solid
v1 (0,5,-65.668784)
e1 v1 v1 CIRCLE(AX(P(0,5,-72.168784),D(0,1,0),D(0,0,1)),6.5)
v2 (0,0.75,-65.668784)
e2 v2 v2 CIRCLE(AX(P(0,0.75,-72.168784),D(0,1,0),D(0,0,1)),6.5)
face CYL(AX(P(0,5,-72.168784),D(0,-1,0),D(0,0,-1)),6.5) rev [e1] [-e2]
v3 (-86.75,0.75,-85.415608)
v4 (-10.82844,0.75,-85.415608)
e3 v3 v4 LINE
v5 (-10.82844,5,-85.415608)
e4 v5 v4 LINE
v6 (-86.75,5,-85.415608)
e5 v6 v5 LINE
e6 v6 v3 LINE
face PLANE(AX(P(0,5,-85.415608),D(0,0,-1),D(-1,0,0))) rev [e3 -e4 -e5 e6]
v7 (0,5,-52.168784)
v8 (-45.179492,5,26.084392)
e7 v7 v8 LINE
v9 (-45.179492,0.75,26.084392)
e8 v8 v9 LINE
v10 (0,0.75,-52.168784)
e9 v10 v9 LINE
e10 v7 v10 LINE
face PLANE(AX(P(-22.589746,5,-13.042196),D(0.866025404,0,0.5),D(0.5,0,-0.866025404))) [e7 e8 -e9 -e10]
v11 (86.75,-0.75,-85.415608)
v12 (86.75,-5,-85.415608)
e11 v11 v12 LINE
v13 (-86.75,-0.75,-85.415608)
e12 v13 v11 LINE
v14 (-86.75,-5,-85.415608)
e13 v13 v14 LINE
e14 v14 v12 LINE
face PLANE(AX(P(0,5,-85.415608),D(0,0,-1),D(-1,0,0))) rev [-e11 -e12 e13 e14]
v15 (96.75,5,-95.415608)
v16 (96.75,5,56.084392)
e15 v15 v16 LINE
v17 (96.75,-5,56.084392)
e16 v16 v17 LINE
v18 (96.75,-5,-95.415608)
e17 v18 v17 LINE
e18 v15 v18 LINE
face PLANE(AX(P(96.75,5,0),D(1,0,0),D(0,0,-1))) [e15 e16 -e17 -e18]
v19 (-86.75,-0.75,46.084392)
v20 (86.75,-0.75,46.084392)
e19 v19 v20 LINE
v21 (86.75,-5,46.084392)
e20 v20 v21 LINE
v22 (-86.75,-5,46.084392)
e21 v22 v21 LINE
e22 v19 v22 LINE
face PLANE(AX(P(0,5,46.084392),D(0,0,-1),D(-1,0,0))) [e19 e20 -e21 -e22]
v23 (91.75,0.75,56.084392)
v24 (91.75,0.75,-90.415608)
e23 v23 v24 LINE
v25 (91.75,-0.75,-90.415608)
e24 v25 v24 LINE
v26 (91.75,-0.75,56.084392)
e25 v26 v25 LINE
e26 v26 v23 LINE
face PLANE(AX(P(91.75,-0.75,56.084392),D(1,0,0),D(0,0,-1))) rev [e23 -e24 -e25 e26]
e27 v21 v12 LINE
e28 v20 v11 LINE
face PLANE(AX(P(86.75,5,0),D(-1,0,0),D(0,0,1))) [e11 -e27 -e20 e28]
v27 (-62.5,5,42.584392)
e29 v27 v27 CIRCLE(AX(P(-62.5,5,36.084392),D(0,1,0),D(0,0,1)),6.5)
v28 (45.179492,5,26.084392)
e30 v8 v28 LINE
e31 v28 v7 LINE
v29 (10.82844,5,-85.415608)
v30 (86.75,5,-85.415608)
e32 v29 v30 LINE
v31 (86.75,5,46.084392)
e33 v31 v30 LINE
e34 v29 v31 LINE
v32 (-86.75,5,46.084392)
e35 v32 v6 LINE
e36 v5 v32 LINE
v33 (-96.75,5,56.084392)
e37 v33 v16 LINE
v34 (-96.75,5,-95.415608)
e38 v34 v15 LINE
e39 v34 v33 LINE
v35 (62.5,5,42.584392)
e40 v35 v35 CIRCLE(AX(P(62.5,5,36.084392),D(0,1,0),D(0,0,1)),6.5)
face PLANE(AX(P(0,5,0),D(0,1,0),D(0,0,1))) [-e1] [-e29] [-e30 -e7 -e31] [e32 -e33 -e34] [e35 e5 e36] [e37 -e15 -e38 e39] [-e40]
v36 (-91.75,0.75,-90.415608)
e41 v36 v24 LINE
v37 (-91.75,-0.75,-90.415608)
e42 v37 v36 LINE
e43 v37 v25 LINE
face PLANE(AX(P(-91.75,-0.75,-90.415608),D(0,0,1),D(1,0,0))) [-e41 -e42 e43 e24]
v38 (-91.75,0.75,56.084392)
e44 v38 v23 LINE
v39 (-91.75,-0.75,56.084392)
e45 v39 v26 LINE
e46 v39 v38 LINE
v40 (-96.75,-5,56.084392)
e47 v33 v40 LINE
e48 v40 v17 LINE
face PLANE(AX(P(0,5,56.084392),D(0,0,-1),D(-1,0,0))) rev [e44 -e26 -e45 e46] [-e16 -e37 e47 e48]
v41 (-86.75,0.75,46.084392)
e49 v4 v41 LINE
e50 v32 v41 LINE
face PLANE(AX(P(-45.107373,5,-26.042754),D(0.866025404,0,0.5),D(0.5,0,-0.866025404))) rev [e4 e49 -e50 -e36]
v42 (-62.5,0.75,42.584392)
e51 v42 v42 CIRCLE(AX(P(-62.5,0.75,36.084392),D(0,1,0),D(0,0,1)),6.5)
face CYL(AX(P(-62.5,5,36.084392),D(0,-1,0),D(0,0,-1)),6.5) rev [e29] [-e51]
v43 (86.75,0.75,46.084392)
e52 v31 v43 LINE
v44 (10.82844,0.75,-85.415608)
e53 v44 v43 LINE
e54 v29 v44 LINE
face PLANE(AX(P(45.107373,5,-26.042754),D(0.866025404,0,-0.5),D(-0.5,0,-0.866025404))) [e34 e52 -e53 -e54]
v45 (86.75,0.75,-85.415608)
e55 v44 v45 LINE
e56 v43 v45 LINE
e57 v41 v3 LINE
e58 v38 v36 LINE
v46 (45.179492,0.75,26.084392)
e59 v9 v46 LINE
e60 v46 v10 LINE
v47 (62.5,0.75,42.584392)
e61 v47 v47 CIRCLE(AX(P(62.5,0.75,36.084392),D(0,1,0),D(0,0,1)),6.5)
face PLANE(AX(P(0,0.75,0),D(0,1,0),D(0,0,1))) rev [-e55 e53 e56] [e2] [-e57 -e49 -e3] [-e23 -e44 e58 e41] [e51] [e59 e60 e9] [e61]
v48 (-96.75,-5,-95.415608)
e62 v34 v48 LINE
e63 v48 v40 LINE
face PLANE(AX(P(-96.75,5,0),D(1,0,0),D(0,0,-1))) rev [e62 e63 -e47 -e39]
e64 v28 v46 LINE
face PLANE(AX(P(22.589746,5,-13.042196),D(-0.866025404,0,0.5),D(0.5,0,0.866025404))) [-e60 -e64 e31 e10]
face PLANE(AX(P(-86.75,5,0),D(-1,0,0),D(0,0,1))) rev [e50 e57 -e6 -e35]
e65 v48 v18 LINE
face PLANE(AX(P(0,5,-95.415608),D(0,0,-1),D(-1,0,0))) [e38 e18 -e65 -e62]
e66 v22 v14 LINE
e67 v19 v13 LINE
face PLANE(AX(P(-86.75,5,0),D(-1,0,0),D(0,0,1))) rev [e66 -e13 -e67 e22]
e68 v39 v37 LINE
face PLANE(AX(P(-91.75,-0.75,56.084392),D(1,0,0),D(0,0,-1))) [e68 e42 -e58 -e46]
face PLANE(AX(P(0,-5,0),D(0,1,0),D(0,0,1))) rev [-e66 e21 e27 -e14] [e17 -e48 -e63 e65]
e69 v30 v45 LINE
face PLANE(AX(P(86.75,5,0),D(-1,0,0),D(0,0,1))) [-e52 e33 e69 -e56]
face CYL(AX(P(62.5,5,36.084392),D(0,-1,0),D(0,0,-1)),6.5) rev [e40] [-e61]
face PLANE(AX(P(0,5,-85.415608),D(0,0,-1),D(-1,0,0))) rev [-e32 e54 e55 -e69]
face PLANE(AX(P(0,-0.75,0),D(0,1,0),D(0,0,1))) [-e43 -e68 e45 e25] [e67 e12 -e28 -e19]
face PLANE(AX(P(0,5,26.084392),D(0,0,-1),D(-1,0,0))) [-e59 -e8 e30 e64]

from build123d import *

# Parameters (mm, degrees)
SKETCH1_R           = 6.5
BOSS_EXTRUDE1_DEPTH = 5
SKETCH1_8_W         = 193.5
SKETCH1_8_H         = 151.5
BOSS_EXTRUDE2_DEPTH = 5
SKETCH2_W           = 183.5
SKETCH2_H           = 146.5
CUT_EXTRUDE2_DEPTH  = 0.75


with BuildPart() as part:
    # Sketch1 → Boss-Extrude1 (new body)
    with BuildSketch(Plane(origin=(0, 0, 0), x_dir=(1, 0, 0), z_dir=(0, 1, 0))):
        Polygon((10.828439602, 85.415608176), (-10.828439602, 85.415608176), (-86.75, -46.084391824), (86.75, -46.084391824), align=None)
        with Locations((-62.5, -36.084391824)):
            Circle(SKETCH1_R, mode=Mode.SUBTRACT)
        with Locations((62.5, -36.084391824)):
            Circle(SKETCH1_R, mode=Mode.SUBTRACT)
        Polygon((-45.179491924, -26.084391824), (0, 52.168783649), (45.179491924, -26.084391824), align=None, mode=Mode.SUBTRACT)
        with Locations((0, 72.168783649)):
            Circle(SKETCH1_R, mode=Mode.SUBTRACT)
    extrude(amount=BOSS_EXTRUDE1_DEPTH)

    # Sketch1<8> → Boss-Extrude2 (add, symmetric)
    with BuildSketch(Plane(origin=(0, 0, 0), x_dir=(1, 0, 0), z_dir=(0, 1, 0))):
        with Locations((0, 19.665608176)):
            Rectangle(SKETCH1_8_W, SKETCH1_8_H)
        Polygon((-86.75, 85.415608176), (-10.828439602, 85.415608176), (10.828439602, 85.415608176), (86.75, 85.415608176), (86.75, -46.084391824), (-86.75, -46.084391824), align=None, mode=Mode.SUBTRACT)
    extrude(amount=BOSS_EXTRUDE2_DEPTH, both=True)

    # Sketch2 → Cut-Extrude2 (cut, symmetric)
    with BuildSketch(Plane(origin=(0, 0, 0), x_dir=(1, 0, 0), z_dir=(0, 1, 0))):
        with Locations((0, 17.165608176)):
            Rectangle(SKETCH2_W, SKETCH2_H)
    extrude(amount=CUT_EXTRUDE2_DEPTH, both=True, mode=Mode.SUBTRACT)


solid = part.part
